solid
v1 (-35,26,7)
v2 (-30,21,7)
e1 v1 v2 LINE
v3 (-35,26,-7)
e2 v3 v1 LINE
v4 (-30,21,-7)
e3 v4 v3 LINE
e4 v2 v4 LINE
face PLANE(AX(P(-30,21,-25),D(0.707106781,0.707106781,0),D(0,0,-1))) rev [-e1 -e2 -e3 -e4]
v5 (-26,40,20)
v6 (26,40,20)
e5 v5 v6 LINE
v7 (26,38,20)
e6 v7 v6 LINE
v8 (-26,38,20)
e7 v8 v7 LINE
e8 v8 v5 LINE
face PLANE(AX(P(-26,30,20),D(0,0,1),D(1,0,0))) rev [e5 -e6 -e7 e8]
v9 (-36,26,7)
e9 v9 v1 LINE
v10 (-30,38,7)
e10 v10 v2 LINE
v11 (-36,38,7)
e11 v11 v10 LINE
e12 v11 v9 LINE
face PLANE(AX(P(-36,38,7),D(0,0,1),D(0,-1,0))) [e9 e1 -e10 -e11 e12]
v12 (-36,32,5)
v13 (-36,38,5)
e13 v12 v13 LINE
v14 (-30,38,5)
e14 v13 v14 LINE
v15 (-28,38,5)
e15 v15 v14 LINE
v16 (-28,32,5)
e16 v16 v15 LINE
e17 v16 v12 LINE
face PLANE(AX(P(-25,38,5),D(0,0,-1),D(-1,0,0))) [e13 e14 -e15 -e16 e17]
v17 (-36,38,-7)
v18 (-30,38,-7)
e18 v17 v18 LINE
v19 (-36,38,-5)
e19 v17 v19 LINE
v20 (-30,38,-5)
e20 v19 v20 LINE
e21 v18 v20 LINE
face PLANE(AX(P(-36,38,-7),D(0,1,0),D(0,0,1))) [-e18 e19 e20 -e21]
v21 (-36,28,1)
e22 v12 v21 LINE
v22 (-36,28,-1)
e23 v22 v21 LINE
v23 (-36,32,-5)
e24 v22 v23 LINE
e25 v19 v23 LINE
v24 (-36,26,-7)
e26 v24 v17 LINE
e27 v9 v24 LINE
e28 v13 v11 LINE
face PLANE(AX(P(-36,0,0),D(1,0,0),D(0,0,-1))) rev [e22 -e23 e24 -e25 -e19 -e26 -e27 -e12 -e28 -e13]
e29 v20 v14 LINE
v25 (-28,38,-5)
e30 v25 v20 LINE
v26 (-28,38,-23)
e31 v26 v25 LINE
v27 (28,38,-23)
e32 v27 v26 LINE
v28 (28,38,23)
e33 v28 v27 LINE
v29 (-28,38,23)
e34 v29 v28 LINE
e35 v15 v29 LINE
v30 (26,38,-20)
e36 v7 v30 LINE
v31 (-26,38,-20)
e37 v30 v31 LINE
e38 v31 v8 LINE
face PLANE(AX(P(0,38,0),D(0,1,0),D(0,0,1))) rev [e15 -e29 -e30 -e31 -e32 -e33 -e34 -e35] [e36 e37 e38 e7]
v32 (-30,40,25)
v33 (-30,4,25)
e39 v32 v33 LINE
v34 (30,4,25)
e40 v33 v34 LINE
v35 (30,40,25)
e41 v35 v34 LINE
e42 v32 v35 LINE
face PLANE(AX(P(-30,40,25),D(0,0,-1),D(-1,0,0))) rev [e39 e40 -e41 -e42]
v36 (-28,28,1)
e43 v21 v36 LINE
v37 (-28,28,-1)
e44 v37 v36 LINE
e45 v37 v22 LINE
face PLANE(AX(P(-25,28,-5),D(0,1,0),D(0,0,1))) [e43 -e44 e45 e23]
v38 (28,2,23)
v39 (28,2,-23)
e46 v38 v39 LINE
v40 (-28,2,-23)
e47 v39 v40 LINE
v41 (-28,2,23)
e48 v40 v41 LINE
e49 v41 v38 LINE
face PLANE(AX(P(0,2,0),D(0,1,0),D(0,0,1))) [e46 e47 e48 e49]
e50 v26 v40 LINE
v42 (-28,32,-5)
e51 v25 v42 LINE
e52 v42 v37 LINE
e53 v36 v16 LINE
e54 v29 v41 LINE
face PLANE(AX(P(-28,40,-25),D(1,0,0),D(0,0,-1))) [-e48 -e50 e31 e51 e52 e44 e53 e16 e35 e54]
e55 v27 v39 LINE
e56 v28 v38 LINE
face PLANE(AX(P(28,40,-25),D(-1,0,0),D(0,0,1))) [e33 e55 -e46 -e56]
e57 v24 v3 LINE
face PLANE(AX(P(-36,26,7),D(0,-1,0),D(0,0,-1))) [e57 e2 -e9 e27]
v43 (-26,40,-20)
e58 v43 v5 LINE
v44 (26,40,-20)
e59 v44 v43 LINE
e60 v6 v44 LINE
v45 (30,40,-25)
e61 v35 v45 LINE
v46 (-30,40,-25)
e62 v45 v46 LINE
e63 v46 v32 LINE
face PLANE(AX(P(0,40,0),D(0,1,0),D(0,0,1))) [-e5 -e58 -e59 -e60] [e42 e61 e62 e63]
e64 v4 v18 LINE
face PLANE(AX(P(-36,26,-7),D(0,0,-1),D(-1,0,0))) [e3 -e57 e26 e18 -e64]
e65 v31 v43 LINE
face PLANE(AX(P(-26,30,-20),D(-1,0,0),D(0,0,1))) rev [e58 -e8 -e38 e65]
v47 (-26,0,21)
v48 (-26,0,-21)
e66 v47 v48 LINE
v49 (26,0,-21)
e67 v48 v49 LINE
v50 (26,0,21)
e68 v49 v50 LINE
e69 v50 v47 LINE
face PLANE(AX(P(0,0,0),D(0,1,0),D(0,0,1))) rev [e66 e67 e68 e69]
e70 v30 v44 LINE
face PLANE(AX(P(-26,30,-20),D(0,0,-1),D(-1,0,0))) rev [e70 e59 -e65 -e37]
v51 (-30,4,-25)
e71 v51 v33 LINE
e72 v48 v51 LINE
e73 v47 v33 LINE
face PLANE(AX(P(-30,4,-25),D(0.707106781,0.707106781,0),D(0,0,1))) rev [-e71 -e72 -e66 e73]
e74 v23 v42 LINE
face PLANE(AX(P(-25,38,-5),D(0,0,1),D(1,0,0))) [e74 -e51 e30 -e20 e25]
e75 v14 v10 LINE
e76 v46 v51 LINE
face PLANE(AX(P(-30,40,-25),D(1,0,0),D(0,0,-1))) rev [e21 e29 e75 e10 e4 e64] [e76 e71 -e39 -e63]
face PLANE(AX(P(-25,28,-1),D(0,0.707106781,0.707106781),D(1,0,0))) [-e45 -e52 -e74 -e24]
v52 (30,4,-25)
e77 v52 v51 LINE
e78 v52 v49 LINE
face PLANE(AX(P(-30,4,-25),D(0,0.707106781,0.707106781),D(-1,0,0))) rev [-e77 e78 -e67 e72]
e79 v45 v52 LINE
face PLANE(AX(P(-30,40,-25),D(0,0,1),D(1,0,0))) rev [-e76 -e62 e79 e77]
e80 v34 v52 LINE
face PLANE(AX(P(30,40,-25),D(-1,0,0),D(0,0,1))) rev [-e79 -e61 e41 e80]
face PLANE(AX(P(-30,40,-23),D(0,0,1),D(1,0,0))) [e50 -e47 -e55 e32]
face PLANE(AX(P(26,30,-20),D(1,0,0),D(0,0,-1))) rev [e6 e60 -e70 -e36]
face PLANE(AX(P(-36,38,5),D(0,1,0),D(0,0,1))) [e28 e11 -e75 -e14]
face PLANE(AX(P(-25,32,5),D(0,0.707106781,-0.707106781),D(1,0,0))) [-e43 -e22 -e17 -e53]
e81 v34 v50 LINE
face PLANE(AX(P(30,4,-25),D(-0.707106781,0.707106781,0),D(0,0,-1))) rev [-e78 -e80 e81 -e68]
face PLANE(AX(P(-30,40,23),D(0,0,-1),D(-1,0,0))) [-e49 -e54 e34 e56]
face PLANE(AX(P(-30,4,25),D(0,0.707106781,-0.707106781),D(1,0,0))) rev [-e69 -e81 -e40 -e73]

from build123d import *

# Parameters (mm, degrees)
SKETCH1_W           = 60
SKETCH1_H           = 50
BOSS_EXTRUDE1_DEPTH = 40
SHELL1_T            = 2
SKETCH2_W           = 52
SKETCH2_H           = 40
CUT_EXTRUDE1_DEPTH  = 10
CHAMFER1_SIZE       = 4
SKETCH3_W           = 10
SKETCH3_H           = 10
CUT_EXTRUDE2_DEPTH  = 5
BOSS_EXTRUDE2_DEPTH = 6
CHAMFER3_SIZE       = 5
CHAMFER4_SIZE       = 4


with BuildPart() as part:
    # Sketch1 → Boss-Extrude1 (new body)
    with BuildSketch(Plane(origin=(0, 0, 0), x_dir=(1, 0, 0), z_dir=(0, 1, 0))):
        Rectangle(SKETCH1_W, SKETCH1_H)
    extrude(amount=BOSS_EXTRUDE1_DEPTH)

    # Shell1 (no face opened: a closed hollow body)
    add(offset(amount=-SHELL1_T, mode=Mode.PRIVATE), mode=Mode.SUBTRACT)

    # Sketch2 → Cut-Extrude1 (cut)
    with BuildSketch(Plane(origin=(0, 40, 0), x_dir=(1, 0, 0), z_dir=(0, 1, 0))):
        Rectangle(SKETCH2_W, SKETCH2_H)
    extrude(amount=-CUT_EXTRUDE1_DEPTH, mode=Mode.SUBTRACT)

    # Chamfer1
    chamfer1_edges = [part.edges().sort_by_distance(p)[0] for p in [
        (0, 0, 25),
        (-30, 0, 0),
        (0, 0, -25),
        (30, 0, 0),
    ]]
    chamfer(chamfer1_edges, length=CHAMFER1_SIZE)

    # Sketch3 → Cut-Extrude2 (cut)
    with BuildSketch(Plane(origin=(-30, 0, 0), x_dir=(0, 0, -1), z_dir=(1, 0, 0))):
        with Locations((0, 33)):
            Rectangle(SKETCH3_W, SKETCH3_H)
    extrude(amount=CUT_EXTRUDE2_DEPTH, mode=Mode.SUBTRACT)

    # Sketch4 → Boss-Extrude2 (add)
    with BuildSketch(Plane(origin=(-30, 0, 0), x_dir=(0, 0, -1), z_dir=(1, 0, 0))):
        Polygon((-5, 38), (-7, 38), (-7, 26), (7, 26), (7, 38), (5, 38), (5, 28), (-5, 28), align=None)
    extrude(amount=-BOSS_EXTRUDE2_DEPTH)

    # Chamfer3
    chamfer3_edges = [part.edges().sort_by_distance(p)[0] for p in [
        (-30, 26, 0),
    ]]
    chamfer(chamfer3_edges, length=CHAMFER3_SIZE)

    # Chamfer4
    chamfer4_edges = [part.edges().sort_by_distance(p)[0] for p in [
        (-32, 28, 5),
        (-32, 28, -5),
    ]]
    chamfer(chamfer4_edges, length=CHAMFER4_SIZE)


solid = part.part
